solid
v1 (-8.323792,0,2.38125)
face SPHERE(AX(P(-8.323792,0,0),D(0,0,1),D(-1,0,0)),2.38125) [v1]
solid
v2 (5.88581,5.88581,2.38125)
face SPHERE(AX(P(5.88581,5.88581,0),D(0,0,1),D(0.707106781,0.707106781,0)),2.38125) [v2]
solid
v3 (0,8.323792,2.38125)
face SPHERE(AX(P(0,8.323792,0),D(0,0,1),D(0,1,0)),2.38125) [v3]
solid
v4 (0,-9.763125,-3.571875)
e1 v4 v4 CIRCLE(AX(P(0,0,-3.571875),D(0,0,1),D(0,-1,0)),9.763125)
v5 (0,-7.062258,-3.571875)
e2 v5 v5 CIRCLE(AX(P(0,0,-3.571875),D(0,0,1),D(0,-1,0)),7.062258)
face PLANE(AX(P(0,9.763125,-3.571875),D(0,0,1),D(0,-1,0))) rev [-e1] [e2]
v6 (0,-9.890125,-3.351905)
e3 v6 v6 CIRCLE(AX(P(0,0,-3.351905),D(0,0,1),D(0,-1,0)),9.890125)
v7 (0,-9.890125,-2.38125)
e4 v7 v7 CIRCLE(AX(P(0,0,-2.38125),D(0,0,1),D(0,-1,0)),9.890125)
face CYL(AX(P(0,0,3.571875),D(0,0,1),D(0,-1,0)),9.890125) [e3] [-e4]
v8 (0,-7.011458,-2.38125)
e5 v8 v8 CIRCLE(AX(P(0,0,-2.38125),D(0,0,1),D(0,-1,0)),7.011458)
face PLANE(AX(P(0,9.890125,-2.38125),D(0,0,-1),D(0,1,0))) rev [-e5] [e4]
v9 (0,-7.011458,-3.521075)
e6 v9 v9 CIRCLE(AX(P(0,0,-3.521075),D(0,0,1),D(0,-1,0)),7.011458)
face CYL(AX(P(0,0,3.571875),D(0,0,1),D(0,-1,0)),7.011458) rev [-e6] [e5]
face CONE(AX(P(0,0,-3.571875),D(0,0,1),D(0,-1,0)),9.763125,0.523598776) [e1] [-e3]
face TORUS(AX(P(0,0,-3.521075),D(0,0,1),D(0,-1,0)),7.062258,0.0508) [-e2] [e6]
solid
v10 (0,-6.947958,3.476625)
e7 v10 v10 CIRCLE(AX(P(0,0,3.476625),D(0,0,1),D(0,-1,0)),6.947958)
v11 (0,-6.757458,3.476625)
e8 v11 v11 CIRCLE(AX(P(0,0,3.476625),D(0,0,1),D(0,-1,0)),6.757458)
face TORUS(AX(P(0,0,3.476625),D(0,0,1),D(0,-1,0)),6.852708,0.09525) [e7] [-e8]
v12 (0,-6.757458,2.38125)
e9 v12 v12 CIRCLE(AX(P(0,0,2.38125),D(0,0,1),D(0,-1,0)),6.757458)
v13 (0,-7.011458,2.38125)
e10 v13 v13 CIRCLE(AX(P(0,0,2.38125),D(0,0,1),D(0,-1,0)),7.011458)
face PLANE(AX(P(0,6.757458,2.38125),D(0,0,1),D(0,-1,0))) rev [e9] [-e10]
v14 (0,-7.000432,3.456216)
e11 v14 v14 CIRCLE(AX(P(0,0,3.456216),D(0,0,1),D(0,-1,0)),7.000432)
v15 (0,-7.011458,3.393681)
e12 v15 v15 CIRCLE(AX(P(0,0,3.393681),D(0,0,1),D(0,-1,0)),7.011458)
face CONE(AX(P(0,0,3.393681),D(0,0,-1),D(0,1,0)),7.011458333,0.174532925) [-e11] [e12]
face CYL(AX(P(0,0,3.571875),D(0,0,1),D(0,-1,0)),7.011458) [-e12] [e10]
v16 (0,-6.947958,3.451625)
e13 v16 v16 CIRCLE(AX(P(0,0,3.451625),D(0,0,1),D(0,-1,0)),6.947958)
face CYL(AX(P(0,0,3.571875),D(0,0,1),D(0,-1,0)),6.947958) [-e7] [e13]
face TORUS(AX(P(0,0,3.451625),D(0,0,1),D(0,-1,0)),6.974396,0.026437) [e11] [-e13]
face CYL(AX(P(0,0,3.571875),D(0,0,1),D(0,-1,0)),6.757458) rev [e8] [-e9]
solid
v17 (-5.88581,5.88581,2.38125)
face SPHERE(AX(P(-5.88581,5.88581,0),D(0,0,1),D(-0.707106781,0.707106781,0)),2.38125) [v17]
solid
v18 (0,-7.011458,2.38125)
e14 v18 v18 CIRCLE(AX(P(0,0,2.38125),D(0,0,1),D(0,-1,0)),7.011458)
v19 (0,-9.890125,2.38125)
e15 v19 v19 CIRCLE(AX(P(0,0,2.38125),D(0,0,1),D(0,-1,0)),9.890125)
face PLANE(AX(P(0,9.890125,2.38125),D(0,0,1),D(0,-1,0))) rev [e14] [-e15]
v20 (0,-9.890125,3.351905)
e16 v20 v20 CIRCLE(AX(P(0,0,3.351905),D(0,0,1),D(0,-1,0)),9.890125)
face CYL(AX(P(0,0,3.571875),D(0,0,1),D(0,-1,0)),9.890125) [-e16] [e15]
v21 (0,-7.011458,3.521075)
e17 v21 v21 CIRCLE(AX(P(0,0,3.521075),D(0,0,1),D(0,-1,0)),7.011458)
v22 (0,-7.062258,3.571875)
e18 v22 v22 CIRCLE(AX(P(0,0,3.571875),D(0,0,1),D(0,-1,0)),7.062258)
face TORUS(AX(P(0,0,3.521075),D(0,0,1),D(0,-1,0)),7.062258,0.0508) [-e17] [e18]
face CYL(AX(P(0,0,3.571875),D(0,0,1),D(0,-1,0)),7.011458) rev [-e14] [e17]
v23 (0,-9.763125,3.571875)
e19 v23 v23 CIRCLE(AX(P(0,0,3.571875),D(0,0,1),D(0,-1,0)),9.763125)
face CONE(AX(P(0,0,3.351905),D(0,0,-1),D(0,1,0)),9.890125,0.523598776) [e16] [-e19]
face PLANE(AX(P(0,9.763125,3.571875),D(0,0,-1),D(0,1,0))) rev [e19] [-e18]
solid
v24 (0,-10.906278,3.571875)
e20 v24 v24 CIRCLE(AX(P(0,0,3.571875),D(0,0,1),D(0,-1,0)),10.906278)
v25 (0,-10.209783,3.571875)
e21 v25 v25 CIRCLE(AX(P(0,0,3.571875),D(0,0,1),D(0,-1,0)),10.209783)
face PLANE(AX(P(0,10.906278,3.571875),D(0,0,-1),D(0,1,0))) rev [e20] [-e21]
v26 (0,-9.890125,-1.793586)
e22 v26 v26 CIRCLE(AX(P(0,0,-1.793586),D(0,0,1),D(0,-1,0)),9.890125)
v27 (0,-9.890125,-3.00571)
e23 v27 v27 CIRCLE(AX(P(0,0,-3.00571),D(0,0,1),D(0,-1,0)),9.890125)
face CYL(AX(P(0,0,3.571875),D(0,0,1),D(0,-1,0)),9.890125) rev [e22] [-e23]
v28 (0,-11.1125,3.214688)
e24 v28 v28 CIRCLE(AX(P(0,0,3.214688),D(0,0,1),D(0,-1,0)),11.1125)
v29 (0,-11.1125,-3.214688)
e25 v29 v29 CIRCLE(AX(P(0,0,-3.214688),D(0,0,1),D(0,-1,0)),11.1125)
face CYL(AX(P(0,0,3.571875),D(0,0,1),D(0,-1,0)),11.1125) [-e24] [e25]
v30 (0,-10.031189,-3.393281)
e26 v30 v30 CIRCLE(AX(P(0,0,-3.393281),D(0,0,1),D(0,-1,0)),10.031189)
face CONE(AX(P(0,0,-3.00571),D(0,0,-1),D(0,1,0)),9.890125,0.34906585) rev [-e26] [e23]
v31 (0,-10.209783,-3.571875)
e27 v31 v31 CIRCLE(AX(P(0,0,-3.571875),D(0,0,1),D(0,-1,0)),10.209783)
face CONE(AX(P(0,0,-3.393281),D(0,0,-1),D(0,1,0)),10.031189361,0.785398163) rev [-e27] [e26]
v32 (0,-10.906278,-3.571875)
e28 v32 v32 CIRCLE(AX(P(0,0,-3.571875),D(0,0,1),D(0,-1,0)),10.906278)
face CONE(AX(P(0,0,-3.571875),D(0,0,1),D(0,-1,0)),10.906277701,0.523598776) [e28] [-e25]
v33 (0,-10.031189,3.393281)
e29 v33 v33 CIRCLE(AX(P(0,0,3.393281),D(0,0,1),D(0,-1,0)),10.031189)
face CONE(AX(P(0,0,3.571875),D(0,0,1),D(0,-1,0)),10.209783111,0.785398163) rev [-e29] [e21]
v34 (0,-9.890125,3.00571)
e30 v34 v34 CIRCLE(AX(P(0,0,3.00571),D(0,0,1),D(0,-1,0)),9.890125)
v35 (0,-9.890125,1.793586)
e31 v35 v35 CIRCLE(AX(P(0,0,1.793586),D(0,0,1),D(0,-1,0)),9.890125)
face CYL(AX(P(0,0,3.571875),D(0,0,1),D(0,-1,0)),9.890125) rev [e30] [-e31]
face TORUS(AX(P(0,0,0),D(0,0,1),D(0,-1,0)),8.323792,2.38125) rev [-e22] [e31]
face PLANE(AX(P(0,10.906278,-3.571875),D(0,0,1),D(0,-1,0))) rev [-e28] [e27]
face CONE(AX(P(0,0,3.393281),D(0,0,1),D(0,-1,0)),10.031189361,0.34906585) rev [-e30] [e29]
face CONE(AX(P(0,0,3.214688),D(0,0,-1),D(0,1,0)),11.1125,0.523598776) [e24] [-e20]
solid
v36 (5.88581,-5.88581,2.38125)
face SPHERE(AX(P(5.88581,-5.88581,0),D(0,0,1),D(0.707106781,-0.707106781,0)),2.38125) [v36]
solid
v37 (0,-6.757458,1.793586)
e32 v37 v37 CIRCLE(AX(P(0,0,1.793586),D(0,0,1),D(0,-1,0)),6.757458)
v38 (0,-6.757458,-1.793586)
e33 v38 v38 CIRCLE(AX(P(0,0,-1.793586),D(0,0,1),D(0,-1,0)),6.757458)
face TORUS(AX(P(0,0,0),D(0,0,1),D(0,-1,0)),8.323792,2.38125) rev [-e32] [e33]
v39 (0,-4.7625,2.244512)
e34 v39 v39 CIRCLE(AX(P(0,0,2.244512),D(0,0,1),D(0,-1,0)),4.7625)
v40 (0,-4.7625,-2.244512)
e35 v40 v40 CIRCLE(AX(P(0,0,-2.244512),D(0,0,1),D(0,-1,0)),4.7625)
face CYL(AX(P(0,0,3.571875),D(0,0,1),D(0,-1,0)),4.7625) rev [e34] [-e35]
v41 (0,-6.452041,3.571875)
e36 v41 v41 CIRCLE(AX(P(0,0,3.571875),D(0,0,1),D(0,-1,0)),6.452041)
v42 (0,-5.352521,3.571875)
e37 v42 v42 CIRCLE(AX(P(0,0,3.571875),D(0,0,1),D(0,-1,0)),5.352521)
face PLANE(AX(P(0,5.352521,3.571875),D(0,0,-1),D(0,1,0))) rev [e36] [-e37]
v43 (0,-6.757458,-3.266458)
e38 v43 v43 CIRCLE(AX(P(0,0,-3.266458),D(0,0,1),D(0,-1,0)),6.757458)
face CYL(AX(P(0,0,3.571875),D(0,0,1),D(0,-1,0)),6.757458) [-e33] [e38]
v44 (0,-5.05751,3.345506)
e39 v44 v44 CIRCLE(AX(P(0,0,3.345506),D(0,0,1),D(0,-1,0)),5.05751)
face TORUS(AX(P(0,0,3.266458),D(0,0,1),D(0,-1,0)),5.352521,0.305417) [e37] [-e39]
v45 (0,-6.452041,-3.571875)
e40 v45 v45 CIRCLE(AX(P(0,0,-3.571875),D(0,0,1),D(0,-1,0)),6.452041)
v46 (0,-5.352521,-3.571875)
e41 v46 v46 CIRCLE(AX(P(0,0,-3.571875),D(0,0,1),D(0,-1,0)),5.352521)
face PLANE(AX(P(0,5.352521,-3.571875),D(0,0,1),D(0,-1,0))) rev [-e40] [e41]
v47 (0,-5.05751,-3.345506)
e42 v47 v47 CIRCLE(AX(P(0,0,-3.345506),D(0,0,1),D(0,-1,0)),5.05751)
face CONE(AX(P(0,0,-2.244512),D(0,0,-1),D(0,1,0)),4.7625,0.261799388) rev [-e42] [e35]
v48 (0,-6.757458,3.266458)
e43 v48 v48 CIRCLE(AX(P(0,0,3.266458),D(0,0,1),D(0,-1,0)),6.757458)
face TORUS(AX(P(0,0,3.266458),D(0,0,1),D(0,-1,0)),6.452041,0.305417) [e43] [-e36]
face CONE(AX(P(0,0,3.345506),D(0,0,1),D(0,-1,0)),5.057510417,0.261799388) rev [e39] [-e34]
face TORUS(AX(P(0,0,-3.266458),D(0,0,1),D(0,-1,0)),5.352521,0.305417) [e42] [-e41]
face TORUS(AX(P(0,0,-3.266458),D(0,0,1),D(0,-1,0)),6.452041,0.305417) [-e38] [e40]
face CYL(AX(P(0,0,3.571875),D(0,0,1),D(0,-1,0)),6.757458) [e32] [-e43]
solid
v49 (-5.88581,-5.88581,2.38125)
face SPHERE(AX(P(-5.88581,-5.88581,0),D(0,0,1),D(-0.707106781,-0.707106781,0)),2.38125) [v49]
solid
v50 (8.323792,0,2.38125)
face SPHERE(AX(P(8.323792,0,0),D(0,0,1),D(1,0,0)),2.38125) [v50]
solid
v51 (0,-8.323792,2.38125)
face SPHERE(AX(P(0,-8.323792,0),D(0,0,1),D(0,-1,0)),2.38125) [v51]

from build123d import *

# Parameters (mm, degrees)
CIRPATTERN1_COUNT = 8


with BuildPart() as part:
    # Sketch3 → Revolve1 (revolve)
    with BuildSketch(Plane(origin=(0, 0, 0), x_dir=(0, 0, -1), z_dir=(1, 0, 0)), mode=Mode.PRIVATE) as revolve1_sk:
        with BuildLine():
            Line((-3.005710104, 9.890125), (-3.39328125, 10.031189361))
            Line((-3.39328125, 10.031189361), (-3.571875, 10.209783111))
            Line((-3.571875, 10.209783111), (-3.571875, 10.906277701))
            Line((-3.571875, 10.906277701), (-3.2146875, 11.1125))
            Line((-3.2146875, 11.1125), (3.2146875, 11.1125))
            Line((3.2146875, 11.1125), (3.571875, 10.906277701))
            Line((3.571875, 10.906277701), (3.571875, 10.209783111))
            Line((3.571875, 10.209783111), (3.39328125, 10.031189361))
            Line((3.39328125, 10.031189361), (3.005710104, 9.890125))
            Line((3.005710104, 9.890125), (1.793586198, 9.890125))
            ThreePointArc((1.793586198, 9.890125), (0, 10.705041667), (-1.793586198, 9.890125))
            Line((-1.793586198, 9.890125), (-3.005710104, 9.890125))
        make_face()
    revolve(revolve1_sk.sketch.rotate(Axis((0, 0, 3.571875), (0, 0, -1)), 180), axis=Axis((0, 0, 3.571875), (0, 0, -1)))


with BuildPart() as body_2:
    # Sketch4 → Revolve2 (revolve)
    with BuildSketch(Plane(origin=(0, 0, 0), x_dir=(0, 0, -1), z_dir=(1, 0, 0)), mode=Mode.PRIVATE) as revolve2_sk:
        with BuildLine():
            Line((-2.244511682, 4.7625), (-3.345505546, 5.057510417))
            ThreePointArc((-3.345505546, 5.057510417), (-3.508761544, 5.166594587), (-3.571875, 5.352520833))
            Line((-3.571875, 5.352520833), (-3.571875, 6.452041076))
            ThreePointArc((-3.571875, 6.452041076), (-3.482420356, 6.66800369), (-3.266457743, 6.757458333))
            Line((-3.266457743, 6.757458333), (-1.793586198, 6.757458333))
            ThreePointArc((-1.793586198, 6.757458333), (0, 5.942541667), (1.793586198, 6.757458333))
            Line((1.793586198, 6.757458333), (3.266457743, 6.757458333))
            ThreePointArc((3.266457743, 6.757458333), (3.482420356, 6.66800369), (3.571875, 6.452041076))
            Line((3.571875, 6.452041076), (3.571875, 5.352520833))
            ThreePointArc((3.571875, 5.352520833), (3.508761544, 5.166594587), (3.345505546, 5.057510417))
            Line((3.345505546, 5.057510417), (2.244511682, 4.7625))
            Line((2.244511682, 4.7625), (-2.244511682, 4.7625))
        make_face()
    revolve(revolve2_sk.sketch.rotate(Axis((0, 0, 3.571875), (0, 0, -1)), 180), axis=Axis((0, 0, 3.571875), (0, 0, -1)))


with BuildPart() as body_3:
    # Sketch5 → Revolve3 (revolve)
    with BuildSketch(Plane(origin=(0, 0, 0), x_dir=(0, 0, -1), z_dir=(1, 0, 0))):
        with BuildLine():
            Line((-2.38125, 8.323791667), (2.38125, 8.323791667))
            ThreePointArc((2.38125, 8.323791667), (0, 10.705041667), (-2.38125, 8.323791667))
        make_face()
    revolve(axis=Axis((0, 8.323791667, 2.38125), (0, 0, -1)))


with BuildPart() as cirpattern1_1:
    # CirPattern1: pattern copy
    add(body_3.part.rotate(Axis((0, 0, 0), (0, 0, 1)), 1 * 360 / CIRPATTERN1_COUNT))


with BuildPart() as cirpattern1_2:
    # CirPattern1: pattern copy
    add(body_3.part.rotate(Axis((0, 0, 0), (0, 0, 1)), 2 * 360 / CIRPATTERN1_COUNT))


with BuildPart() as cirpattern1_3:
    # CirPattern1: pattern copy
    add(body_3.part.rotate(Axis((0, 0, 0), (0, 0, 1)), 3 * 360 / CIRPATTERN1_COUNT))


with BuildPart() as cirpattern1_4:
    # CirPattern1: pattern copy
    add(body_3.part.rotate(Axis((0, 0, 0), (0, 0, 1)), 4 * 360 / CIRPATTERN1_COUNT))


with BuildPart() as cirpattern1_5:
    # CirPattern1: pattern copy
    add(body_3.part.rotate(Axis((0, 0, 0), (0, 0, 1)), 5 * 360 / CIRPATTERN1_COUNT))


with BuildPart() as cirpattern1_6:
    # CirPattern1: pattern copy
    add(body_3.part.rotate(Axis((0, 0, 0), (0, 0, 1)), 6 * 360 / CIRPATTERN1_COUNT))


with BuildPart() as cirpattern1_7:
    # CirPattern1: pattern copy
    add(body_3.part.rotate(Axis((0, 0, 0), (0, 0, 1)), 7 * 360 / CIRPATTERN1_COUNT))


with BuildPart() as body_11:
    # Sketch6 → Revolve4 (revolve)
    with BuildSketch(Plane(origin=(0, 0, 0), x_dir=(0, 0, -1), z_dir=(1, 0, 0)), mode=Mode.PRIVATE) as revolve4_sk:
        with BuildLine():
            Line((-3.351904547, 9.890125), (-2.38125, 9.890125))
            Line((-2.38125, 9.890125), (-2.38125, 7.011458333))
            Line((-2.38125, 7.011458333), (-3.521075, 7.011458333))
            ThreePointArc((-3.521075, 7.011458333), (-3.556996024, 7.026337309), (-3.571875, 7.062258333))
            Line((-3.571875, 7.062258333), (-3.571875, 9.763125))
            Line((-3.571875, 9.763125), (-3.351904547, 9.890125))
        make_face()
        with BuildLine():
            Line((3.521075, 7.011458333), (2.38125, 7.011458333))
            Line((2.38125, 7.011458333), (2.38125, 9.890125))
            Line((2.38125, 9.890125), (3.351904547, 9.890125))
            Line((3.351904547, 9.890125), (3.571875, 9.763125))
            Line((3.571875, 9.763125), (3.571875, 7.062258333))
            ThreePointArc((3.571875, 7.062258333), (3.556996024, 7.026337309), (3.521075, 7.011458333))
        make_face()
    revolve(revolve4_sk.sketch.rotate(Axis((0, 0, 3.571875), (0, 0, -1)), 180), axis=Axis((0, 0, 3.571875), (0, 0, -1)))


with BuildPart() as body_12:
    # Sketch7 → Revolve5 (revolve)
    with BuildSketch(Plane(origin=(0, 0, 0), x_dir=(0, 0, -1), z_dir=(1, 0, 0)), mode=Mode.PRIVATE) as revolve5_sk:
        with BuildLine():
            Line((-2.38125, 7.011458333), (-3.39368053, 7.011458333))
            Line((-3.39368053, 7.011458333), (-3.456215822, 7.000431674))
            ThreePointArc((-3.456215822, 7.000431674), (-3.47796189, 6.972091647), (-3.451625, 6.947958333))
            Line((-3.451625, 6.947958333), (-3.476625, 6.947958333))
            ThreePointArc((-3.476625, 6.947958333), (-3.571875, 6.852708333), (-3.476625, 6.757458333))
            Line((-3.476625, 6.757458333), (-2.38125, 6.757458333))
            Line((-2.38125, 6.757458333), (-2.38125, 7.011458333))
        make_face()
    revolve(revolve5_sk.sketch.rotate(Axis((0, 0, 3.571875), (0, 0, -1)), 180), axis=Axis((0, 0, 3.571875), (0, 0, -1)))


solid = Compound([part.part, body_2.part, body_3.part, cirpattern1_1.part, cirpattern1_2.part, cirpattern1_3.part, cirpattern1_4.part, cirpattern1_5.part, cirpattern1_6.part, cirpattern1_7.part, body_11.part, body_12.part])
